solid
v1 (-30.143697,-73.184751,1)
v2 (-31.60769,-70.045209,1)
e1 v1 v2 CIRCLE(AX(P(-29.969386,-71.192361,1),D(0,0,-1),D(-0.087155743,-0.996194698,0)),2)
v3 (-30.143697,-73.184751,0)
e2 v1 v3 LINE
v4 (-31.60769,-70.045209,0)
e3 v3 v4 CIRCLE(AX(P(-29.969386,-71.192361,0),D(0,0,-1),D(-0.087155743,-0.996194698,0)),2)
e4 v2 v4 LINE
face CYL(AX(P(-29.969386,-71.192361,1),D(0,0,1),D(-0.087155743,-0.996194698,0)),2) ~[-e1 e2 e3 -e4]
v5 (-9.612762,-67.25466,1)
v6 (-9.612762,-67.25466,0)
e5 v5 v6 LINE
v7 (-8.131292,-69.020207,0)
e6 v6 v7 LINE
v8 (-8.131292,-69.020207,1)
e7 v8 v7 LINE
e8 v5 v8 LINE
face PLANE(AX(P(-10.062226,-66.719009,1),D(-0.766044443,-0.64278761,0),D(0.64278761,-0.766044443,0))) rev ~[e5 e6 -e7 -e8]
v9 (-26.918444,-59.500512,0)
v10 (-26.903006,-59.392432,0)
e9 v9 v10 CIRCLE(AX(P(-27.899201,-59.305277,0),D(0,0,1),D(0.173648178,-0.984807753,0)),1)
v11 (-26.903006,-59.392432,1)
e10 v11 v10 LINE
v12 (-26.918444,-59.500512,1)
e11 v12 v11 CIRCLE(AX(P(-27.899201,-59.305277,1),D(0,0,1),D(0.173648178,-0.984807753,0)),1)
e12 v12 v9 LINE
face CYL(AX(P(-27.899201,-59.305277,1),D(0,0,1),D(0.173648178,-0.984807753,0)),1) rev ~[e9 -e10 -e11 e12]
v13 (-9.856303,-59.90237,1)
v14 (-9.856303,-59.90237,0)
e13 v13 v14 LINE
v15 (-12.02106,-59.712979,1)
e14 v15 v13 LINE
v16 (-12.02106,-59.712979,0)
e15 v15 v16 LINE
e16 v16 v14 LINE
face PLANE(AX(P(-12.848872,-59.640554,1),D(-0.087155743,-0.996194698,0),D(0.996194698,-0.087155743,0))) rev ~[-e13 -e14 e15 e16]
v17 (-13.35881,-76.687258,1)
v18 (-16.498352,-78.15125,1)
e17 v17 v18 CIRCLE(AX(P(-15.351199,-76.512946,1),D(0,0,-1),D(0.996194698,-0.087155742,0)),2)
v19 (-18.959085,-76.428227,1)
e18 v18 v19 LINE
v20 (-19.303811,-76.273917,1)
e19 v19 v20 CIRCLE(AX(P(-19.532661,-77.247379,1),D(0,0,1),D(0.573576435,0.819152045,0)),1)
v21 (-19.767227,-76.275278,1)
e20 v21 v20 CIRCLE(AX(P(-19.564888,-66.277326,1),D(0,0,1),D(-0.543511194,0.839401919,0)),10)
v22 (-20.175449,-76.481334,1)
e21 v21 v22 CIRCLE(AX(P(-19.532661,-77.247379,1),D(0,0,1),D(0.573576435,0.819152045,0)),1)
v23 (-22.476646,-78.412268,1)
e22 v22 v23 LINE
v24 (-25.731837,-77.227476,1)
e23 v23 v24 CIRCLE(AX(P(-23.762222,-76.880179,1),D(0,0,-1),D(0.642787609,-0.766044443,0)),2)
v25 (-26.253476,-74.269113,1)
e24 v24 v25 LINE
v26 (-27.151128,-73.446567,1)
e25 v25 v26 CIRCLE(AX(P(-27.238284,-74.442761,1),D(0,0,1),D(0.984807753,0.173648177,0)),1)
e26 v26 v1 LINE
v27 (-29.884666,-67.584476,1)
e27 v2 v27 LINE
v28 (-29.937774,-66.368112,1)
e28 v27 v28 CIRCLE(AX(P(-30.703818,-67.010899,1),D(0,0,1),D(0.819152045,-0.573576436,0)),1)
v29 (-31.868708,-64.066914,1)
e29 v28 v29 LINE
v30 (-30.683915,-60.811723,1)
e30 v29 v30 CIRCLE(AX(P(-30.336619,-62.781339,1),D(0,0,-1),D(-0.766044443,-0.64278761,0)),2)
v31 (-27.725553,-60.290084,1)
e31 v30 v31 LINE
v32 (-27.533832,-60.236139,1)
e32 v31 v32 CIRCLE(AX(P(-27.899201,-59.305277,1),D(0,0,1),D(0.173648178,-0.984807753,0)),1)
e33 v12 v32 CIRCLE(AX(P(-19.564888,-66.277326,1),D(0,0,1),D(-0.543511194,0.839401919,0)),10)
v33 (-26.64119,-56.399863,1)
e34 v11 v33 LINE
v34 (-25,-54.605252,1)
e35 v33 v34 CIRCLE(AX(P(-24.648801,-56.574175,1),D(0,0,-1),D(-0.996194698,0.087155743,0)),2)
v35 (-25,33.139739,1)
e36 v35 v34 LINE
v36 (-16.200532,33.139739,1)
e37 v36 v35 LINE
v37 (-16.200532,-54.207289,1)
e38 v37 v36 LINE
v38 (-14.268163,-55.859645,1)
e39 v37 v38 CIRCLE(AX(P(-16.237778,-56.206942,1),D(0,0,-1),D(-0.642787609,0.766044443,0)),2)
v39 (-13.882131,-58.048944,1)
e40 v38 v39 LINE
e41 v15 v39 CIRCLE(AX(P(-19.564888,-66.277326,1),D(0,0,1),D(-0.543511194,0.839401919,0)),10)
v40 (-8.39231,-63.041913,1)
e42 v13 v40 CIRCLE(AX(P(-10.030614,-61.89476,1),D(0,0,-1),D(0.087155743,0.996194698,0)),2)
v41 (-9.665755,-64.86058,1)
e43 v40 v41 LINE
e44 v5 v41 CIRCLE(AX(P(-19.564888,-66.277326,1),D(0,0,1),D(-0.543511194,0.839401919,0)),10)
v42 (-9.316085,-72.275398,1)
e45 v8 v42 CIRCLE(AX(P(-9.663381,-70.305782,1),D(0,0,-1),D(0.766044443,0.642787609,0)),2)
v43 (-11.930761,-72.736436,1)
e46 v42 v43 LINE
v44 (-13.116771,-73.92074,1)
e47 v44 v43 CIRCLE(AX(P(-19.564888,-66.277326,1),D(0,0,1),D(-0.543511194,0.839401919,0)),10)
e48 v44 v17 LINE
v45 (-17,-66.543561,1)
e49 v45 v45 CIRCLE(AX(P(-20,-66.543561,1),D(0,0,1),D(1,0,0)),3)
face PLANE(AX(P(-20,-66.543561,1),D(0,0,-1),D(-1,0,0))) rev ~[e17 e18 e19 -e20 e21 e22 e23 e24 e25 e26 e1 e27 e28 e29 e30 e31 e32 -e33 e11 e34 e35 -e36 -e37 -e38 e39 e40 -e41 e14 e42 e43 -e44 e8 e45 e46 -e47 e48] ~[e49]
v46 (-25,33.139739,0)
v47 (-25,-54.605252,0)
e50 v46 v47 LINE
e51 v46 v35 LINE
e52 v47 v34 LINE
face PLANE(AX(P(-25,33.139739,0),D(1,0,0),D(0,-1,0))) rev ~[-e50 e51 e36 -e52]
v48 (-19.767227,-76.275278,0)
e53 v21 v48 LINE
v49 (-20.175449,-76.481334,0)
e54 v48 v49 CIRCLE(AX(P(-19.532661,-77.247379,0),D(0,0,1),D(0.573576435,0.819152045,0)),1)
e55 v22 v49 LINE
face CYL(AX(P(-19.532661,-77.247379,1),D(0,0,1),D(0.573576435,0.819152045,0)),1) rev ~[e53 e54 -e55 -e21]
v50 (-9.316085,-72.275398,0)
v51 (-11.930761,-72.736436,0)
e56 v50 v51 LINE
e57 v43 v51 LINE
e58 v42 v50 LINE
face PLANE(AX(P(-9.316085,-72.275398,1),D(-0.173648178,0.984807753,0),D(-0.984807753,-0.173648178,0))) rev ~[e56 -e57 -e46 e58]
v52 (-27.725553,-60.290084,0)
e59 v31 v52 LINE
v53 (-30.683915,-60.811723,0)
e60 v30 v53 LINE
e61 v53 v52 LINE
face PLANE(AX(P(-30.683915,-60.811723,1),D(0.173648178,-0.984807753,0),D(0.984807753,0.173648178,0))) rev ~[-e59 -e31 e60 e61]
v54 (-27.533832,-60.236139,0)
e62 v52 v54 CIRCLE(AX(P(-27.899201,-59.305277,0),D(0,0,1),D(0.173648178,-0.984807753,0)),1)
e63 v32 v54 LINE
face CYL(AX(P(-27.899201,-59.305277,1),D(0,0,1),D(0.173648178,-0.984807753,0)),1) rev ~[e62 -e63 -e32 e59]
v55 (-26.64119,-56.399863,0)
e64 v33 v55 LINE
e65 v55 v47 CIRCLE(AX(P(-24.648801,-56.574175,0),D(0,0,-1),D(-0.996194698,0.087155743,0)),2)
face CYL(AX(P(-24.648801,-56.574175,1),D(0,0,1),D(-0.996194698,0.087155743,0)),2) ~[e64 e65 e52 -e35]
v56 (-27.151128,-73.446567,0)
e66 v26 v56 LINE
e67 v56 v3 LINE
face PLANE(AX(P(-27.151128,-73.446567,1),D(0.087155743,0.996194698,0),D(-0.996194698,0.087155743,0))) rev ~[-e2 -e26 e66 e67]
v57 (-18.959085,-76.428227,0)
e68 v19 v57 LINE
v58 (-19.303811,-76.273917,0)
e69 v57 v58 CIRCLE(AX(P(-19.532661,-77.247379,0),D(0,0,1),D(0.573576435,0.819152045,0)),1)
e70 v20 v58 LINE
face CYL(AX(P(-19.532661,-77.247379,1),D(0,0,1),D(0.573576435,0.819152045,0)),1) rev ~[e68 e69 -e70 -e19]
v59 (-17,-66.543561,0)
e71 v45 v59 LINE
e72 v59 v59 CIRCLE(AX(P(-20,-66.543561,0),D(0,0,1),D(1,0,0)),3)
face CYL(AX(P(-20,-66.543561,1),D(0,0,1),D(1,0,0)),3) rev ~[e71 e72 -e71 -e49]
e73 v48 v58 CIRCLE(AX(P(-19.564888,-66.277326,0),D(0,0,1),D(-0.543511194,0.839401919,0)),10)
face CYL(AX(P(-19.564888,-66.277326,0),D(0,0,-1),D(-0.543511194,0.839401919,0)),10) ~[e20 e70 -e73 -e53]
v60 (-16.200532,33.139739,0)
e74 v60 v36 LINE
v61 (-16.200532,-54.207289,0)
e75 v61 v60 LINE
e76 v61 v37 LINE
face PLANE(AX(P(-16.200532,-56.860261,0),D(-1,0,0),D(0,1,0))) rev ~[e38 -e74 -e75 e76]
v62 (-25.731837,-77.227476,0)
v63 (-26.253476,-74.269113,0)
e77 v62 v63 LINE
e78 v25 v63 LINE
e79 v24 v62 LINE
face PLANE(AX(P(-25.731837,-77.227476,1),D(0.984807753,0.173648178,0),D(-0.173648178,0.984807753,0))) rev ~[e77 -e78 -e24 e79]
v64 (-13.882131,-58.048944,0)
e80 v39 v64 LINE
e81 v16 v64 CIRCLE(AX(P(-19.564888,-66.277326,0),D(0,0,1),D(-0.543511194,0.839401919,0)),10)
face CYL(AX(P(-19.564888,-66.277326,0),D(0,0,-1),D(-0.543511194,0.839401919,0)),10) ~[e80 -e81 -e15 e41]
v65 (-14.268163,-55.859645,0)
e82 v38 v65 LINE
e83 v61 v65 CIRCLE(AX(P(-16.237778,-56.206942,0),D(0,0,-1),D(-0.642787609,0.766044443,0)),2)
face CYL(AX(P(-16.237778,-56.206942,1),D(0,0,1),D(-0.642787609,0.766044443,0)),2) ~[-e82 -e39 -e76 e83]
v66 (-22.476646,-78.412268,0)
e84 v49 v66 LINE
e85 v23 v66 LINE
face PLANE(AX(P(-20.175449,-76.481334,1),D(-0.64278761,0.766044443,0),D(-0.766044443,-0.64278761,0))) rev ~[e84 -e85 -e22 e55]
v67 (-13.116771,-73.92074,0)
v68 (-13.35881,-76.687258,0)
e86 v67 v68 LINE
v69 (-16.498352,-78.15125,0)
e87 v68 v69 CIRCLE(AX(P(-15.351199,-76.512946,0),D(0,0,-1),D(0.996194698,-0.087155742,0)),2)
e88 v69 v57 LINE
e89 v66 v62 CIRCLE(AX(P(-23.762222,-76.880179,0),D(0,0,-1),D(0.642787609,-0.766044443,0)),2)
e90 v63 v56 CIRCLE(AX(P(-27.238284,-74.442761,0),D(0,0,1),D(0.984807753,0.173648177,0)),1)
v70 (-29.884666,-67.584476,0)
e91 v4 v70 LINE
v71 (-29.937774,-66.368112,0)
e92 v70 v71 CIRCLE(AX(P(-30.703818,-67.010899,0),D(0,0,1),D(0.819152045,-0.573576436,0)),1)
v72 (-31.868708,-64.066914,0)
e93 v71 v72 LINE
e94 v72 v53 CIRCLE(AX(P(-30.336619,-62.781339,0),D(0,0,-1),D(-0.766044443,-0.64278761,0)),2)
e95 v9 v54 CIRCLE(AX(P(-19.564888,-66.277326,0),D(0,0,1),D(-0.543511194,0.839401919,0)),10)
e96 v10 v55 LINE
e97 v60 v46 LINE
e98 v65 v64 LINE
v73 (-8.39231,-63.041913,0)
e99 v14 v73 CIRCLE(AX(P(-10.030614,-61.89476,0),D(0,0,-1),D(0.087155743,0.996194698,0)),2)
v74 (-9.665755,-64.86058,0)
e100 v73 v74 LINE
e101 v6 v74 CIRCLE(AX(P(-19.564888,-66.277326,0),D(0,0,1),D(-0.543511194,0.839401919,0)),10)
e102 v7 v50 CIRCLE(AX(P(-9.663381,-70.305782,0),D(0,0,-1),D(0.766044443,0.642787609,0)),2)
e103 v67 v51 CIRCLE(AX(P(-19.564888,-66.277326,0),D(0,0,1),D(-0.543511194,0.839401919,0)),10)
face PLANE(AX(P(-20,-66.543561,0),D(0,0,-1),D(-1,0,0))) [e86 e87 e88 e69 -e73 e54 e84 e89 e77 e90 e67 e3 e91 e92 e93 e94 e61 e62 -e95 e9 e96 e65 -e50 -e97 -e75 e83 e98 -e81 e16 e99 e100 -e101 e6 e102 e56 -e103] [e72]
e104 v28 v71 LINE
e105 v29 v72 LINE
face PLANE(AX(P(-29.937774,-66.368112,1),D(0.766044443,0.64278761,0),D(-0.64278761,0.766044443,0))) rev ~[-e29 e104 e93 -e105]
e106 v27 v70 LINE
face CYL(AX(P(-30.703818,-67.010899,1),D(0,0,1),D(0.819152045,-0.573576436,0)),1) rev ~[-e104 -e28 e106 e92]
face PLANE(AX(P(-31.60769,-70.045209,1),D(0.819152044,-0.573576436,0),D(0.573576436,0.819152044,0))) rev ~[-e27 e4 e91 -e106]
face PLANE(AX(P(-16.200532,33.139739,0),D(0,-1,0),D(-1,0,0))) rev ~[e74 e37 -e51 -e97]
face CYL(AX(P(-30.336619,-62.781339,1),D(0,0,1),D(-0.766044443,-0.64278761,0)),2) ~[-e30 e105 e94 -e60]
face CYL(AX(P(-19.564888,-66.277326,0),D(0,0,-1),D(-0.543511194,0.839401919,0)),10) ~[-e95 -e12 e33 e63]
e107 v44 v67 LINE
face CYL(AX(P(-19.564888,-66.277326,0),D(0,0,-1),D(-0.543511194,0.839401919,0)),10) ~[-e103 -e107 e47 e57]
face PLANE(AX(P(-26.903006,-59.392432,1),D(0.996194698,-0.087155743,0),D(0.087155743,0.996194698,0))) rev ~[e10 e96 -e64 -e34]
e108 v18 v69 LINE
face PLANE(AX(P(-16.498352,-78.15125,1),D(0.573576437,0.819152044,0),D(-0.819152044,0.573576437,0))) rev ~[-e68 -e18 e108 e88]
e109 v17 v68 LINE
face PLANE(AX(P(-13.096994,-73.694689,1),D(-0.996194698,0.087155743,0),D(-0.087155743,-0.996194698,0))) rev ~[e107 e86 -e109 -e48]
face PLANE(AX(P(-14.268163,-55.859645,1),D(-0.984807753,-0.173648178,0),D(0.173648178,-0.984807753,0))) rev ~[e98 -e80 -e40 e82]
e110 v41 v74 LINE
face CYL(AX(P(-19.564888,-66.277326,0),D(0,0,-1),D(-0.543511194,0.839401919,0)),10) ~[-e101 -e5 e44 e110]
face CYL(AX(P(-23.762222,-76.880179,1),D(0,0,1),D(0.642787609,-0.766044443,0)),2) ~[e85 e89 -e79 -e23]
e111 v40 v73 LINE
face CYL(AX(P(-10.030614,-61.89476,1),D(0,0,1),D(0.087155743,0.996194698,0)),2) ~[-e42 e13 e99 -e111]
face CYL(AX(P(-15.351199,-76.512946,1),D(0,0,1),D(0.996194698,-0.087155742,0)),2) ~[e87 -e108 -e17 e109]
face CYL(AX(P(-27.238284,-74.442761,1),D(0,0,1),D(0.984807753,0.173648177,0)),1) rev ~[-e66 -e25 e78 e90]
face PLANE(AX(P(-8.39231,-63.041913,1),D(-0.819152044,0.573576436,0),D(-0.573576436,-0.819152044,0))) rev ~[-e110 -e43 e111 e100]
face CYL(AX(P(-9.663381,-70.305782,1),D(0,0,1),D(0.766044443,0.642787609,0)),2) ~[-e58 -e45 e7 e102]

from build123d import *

# Parameters (mm, degrees)
IZIM1_R                     = 5
Y_KSEKLIK_EKSTR_ZYON2_DEPTH = 1
IZIM2_R                     = 3
Y_KSEKLIK_EKSTR_ZYON4_DEPTH = 1


with BuildPart() as part:
    # Çizim1 → Yükseklik-Ekstrüzyon2 (new body)
    with BuildSketch(Plane.XY):
        with BuildLine():
            Line((-16.200531831, -56.860261047), (-16.200531831, 33.139738953))
            Line((-16.200531831, 33.139738953), (-25, 33.139738953))
            Line((-25, 33.139738953), (-25, -57.883306535))
            ThreePointArc((-25, -57.883306535), (-18.410044855, -76.210418758), (-16.200531831, -56.860261047))
        make_face()
        with Locations((-19.564888058, -66.277325727)):
            Circle(IZIM1_R, mode=Mode.SUBTRACT)
    extrude(amount=Y_KSEKLIK_EKSTR_ZYON2_DEPTH)

    # Çizim2 → Yükseklik-Ekstrüzyon4 (add)
    with BuildSketch(Plane.XY.offset(1)):
        with BuildLine():
            Line((-14.268162917, -55.859645389), (-13.746523784, -58.818007922))
            ThreePointArc((-13.746523784, -58.818007922), (-13.437306239, -59.381637082), (-12.848871774, -59.640554443))
            Line((-12.848871774, -59.640554443), (-9.856302857, -59.902370298))
            ThreePointArc((-9.856302857, -59.902370298), (-8.217998769, -61.049523171), (-8.392310254, -63.041912567))
            Line((-8.392310254, -63.041912567), (-10.115333894, -65.502645344))
            ThreePointArc((-10.115333894, -65.502645344), (-10.295230071, -66.119841167), (-10.062226293, -66.71900939))
            Line((-10.062226293, -66.71900939), (-8.131292285, -69.02020693))
            ThreePointArc((-8.131292285, -69.02020693), (-7.78399593, -70.989822436), (-9.316084816, -72.275397656))
            Line((-9.316084816, -72.275397656), (-12.274447349, -72.797036789))
            ThreePointArc((-12.274447349, -72.797036789), (-12.838076508, -73.106254334), (-13.09699387, -73.694688799))
            Line((-13.09699387, -73.694688799), (-13.358809725, -76.687257716))
            ThreePointArc((-13.358809725, -76.687257716), (-14.505962597, -78.325561805), (-16.498351994, -78.151250319))
            Line((-16.498351994, -78.151250319), (-18.95908477, -76.428226679))
            ThreePointArc((-18.95908477, -76.428226679), (-19.576280594, -76.248330502), (-20.175448817, -76.48133428))
            Line((-20.175448817, -76.48133428), (-22.476646357, -78.412268288))
            ThreePointArc((-22.476646357, -78.412268288), (-24.446261863, -78.759564643), (-25.731837083, -77.227475757))
            Line((-25.731837083, -77.227475757), (-26.253476216, -74.269113224))
            ThreePointArc((-26.253476216, -74.269113224), (-26.562693761, -73.705484065), (-27.151128226, -73.446566704))
            Line((-27.151128226, -73.446566704), (-30.143697143, -73.184750849))
            ThreePointArc((-30.143697143, -73.184750849), (-31.782001231, -72.037597976), (-31.607689746, -70.04520858))
            Line((-31.607689746, -70.04520858), (-29.884666106, -67.584475803))
            ThreePointArc((-29.884666106, -67.584475803), (-29.704769929, -66.967279979), (-29.937773707, -66.368111757))
            Line((-29.937773707, -66.368111757), (-31.868707715, -64.066914216))
            ThreePointArc((-31.868707715, -64.066914216), (-32.21600407, -62.09729871), (-30.683915184, -60.811723491))
            Line((-30.683915184, -60.811723491), (-27.725552651, -60.290084357))
            ThreePointArc((-27.725552651, -60.290084357), (-27.161923492, -59.980866812), (-26.90300613, -59.392432347))
            Line((-26.90300613, -59.392432347), (-26.641190275, -56.39986343))
            ThreePointArc((-26.641190275, -56.39986343), (-25.494037403, -54.761559342), (-23.501648006, -54.935870827))
            Line((-23.501648006, -54.935870827), (-21.04091523, -56.658894467))
            ThreePointArc((-21.04091523, -56.658894467), (-20.423719406, -56.838790644), (-19.824551183, -56.605786866))
            Line((-19.824551183, -56.605786866), (-17.523353643, -54.674852858))
            ThreePointArc((-17.523353643, -54.674852858), (-15.553738137, -54.327556503), (-14.268162917, -55.859645389))
        make_face()
        with Locations((-20, -66.543560573)):
            Circle(IZIM2_R, mode=Mode.SUBTRACT)
    extrude(amount=-Y_KSEKLIK_EKSTR_ZYON4_DEPTH)


solid = part.part
